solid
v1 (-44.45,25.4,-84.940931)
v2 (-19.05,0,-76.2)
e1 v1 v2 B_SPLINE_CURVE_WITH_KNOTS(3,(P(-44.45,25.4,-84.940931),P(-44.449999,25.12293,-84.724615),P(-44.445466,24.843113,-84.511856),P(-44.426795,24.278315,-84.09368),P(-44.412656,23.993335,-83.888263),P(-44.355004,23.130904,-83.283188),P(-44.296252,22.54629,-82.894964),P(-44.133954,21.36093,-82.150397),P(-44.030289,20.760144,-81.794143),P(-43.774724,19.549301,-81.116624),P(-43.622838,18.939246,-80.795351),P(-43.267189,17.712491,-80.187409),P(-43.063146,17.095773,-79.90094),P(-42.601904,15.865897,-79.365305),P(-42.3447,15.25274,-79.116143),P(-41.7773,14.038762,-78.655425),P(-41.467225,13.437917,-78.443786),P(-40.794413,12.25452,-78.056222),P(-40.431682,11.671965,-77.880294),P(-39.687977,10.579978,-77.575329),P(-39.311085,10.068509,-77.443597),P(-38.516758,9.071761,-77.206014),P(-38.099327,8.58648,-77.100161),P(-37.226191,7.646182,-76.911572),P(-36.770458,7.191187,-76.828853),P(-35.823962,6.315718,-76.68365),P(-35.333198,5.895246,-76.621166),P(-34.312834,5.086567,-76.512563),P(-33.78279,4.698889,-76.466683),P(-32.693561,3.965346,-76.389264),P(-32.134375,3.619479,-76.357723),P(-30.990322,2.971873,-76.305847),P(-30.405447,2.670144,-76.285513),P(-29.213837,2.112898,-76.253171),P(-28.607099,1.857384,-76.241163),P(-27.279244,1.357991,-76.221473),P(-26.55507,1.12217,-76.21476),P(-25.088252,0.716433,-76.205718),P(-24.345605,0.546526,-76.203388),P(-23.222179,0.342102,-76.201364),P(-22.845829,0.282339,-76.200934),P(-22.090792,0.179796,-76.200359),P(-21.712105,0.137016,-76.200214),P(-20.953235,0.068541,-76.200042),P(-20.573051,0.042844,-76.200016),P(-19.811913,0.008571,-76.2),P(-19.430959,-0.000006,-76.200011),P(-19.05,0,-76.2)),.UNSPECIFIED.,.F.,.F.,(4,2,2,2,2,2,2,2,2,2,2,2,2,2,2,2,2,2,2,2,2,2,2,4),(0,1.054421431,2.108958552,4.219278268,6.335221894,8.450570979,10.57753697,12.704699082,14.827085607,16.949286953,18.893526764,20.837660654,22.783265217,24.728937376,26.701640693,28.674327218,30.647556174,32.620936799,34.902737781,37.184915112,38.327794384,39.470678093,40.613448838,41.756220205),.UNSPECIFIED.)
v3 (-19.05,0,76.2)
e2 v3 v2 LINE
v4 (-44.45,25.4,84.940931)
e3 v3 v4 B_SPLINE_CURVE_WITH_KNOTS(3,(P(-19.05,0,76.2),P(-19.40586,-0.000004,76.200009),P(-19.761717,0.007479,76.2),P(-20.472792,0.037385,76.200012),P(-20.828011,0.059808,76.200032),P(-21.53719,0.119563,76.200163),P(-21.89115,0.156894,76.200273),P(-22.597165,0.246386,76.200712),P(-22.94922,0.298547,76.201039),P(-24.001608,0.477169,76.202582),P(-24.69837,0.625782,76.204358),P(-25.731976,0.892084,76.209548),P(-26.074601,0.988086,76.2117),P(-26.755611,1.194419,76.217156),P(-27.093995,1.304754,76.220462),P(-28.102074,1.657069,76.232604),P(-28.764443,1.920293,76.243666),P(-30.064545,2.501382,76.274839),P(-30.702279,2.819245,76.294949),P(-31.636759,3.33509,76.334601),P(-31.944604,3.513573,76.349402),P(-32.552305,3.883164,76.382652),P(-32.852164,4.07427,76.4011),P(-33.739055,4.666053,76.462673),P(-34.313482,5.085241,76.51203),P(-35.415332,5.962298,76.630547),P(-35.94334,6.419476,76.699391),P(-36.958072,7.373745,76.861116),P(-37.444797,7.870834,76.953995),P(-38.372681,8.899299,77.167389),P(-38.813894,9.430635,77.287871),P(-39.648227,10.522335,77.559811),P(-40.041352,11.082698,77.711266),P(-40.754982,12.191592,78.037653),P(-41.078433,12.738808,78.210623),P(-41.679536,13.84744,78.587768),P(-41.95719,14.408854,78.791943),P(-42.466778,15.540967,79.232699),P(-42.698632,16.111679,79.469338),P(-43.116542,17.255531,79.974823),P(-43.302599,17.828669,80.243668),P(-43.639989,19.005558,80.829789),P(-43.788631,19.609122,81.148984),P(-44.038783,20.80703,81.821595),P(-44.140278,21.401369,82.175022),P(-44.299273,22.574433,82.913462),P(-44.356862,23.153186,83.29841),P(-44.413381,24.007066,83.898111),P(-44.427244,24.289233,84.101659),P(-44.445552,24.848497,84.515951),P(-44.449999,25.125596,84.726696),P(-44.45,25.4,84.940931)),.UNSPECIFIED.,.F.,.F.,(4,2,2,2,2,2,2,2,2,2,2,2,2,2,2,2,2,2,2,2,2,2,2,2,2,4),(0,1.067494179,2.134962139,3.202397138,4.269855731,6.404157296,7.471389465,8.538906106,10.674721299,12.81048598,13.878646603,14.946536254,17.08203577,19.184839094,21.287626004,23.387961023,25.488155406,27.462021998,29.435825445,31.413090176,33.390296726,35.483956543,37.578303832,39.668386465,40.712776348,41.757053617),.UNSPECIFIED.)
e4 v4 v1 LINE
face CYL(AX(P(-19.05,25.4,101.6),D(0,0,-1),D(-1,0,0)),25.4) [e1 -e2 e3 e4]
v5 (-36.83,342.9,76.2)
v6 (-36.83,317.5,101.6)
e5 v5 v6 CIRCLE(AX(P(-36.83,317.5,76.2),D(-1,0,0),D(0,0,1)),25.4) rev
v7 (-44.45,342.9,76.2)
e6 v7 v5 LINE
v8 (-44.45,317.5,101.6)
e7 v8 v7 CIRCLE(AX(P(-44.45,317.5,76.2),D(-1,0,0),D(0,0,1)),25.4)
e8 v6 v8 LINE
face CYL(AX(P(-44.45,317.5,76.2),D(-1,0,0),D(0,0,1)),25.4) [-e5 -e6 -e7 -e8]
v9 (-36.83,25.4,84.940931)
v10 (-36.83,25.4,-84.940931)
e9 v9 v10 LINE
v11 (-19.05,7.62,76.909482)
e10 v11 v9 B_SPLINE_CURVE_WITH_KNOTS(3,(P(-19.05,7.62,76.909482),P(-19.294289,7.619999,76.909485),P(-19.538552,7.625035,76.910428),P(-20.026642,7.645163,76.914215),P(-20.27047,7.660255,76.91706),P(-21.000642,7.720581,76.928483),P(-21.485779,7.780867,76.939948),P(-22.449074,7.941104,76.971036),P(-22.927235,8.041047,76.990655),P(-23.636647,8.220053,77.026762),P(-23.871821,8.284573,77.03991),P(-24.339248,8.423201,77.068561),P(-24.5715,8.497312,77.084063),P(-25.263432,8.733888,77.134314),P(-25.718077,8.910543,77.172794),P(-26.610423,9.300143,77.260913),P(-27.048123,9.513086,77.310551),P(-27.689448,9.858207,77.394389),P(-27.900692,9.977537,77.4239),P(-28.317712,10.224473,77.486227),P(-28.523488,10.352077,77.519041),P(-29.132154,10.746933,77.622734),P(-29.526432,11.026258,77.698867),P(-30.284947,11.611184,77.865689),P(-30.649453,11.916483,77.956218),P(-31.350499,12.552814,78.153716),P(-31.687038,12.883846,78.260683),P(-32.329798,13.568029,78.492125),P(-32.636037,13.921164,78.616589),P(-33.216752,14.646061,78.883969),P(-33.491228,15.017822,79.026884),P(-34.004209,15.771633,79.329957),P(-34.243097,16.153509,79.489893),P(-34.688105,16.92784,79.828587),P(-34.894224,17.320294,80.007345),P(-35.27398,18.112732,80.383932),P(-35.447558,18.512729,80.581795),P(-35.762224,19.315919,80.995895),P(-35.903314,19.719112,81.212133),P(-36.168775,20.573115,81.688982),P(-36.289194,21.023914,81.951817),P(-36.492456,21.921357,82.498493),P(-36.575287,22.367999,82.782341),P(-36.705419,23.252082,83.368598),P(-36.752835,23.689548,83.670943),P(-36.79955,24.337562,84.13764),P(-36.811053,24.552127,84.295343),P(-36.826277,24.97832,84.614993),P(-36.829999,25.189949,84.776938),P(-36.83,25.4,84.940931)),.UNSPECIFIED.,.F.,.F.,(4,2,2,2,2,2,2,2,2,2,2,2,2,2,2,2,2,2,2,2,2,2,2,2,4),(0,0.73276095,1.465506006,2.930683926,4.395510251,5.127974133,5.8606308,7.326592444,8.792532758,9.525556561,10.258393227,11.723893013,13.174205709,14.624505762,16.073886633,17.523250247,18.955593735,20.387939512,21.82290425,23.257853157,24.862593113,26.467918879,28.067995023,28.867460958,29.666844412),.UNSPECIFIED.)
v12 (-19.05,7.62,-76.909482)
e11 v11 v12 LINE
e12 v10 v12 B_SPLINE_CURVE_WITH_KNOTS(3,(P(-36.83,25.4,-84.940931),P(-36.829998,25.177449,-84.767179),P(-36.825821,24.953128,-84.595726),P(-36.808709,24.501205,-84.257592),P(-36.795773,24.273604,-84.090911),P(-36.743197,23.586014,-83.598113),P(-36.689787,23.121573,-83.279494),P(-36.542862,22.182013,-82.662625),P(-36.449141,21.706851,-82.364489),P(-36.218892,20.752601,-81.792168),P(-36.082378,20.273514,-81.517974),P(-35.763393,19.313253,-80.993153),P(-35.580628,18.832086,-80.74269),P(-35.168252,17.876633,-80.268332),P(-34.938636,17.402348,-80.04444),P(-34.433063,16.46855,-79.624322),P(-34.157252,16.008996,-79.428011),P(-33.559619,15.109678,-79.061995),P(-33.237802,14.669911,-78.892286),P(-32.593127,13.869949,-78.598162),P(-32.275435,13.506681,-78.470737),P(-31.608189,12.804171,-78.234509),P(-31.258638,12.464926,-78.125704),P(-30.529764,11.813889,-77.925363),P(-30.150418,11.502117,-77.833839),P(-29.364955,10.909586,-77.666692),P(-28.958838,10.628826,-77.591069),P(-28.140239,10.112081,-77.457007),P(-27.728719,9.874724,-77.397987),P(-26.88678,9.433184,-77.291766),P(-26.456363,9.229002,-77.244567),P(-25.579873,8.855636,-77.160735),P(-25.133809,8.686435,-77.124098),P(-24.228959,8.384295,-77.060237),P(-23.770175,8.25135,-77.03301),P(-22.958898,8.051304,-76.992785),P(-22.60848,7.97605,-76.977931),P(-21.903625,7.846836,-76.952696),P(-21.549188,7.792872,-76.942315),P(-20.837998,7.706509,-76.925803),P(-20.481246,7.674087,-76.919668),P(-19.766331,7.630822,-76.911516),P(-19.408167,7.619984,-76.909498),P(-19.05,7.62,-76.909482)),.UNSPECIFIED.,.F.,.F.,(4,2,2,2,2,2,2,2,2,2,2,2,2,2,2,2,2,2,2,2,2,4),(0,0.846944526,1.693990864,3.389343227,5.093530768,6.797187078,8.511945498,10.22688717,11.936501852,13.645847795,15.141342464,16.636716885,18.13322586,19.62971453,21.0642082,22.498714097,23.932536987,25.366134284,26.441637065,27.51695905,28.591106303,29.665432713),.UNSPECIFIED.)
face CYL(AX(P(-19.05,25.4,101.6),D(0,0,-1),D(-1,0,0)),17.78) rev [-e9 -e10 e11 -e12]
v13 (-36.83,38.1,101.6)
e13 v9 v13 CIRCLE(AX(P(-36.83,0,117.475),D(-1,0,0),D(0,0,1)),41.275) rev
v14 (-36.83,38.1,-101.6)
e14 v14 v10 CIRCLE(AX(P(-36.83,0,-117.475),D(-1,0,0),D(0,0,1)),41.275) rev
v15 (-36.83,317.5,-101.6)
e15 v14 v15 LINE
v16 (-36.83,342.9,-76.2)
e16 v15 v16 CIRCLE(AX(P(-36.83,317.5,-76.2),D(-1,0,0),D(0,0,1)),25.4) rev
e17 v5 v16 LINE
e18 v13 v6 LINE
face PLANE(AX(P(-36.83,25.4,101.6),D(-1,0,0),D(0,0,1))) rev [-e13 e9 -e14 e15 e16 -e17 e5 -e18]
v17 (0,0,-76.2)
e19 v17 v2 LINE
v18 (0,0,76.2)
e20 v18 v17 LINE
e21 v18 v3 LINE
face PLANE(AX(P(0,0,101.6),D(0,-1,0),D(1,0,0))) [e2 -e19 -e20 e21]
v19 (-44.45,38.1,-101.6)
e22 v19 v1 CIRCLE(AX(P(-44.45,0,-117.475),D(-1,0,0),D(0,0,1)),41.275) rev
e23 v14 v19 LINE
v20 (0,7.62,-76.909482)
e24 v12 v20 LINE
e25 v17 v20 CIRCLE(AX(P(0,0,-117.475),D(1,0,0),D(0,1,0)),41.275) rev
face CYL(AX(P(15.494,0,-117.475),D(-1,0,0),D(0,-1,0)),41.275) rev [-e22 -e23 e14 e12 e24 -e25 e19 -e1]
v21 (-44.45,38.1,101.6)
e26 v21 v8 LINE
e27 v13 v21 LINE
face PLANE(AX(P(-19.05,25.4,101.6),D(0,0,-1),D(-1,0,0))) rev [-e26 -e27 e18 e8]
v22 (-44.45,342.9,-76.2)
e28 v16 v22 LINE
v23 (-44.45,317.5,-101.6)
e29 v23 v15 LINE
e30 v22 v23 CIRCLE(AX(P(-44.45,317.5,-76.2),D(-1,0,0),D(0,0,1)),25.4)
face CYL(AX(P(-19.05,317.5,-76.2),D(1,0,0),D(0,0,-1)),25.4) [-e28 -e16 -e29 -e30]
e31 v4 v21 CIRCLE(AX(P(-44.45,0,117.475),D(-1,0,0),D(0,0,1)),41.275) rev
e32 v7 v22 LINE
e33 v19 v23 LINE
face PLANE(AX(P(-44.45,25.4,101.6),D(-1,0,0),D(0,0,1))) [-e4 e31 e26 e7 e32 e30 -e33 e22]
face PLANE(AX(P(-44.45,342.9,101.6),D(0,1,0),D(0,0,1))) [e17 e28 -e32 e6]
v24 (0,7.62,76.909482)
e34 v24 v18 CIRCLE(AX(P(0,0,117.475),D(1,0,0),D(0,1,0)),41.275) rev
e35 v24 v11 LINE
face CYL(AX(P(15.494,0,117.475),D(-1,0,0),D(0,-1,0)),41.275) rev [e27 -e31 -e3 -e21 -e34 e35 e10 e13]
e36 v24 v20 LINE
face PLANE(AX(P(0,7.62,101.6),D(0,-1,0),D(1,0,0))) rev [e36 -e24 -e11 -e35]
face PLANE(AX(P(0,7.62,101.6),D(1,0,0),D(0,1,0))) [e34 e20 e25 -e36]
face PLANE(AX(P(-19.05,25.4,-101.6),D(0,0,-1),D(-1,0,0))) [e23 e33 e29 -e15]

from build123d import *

# Parameters (mm, degrees)
EXTRUDE_THIN1_DEPTH     = 101.6
FILLET1_R               = 25.4
FILLET2_R               = 25.4
CUT_EXTRUDE1_DEPTH      = 15.494
CUT_EXTRUDE1_DEPTH_BACK = 67.818


with BuildPart() as part:
    # Sketch1 → Extrude-Thin1 (new, symmetric)
    with BuildSketch(Plane.XY):
        with BuildLine():
            Line((0, 0), (-19.05, 0))
            ThreePointArc((-19.05, 0), (-37.010512242, 7.439487758), (-44.45, 25.4))
            Line((-44.45, 25.4), (-44.45, 342.9))
            Line((-44.45, 342.9), (-36.83, 342.9))
            Line((-36.83, 342.9), (-36.83, 25.4))
            ThreePointArc((-36.83, 25.4), (-31.622358569, 12.827641431), (-19.05, 7.62))
            Line((-19.05, 7.62), (0, 7.62))
            Line((0, 7.62), (0, 0))
        make_face()
    extrude(amount=EXTRUDE_THIN1_DEPTH, both=True)

    # Fillet1
    fillet1_edges = [part.edges().sort_by_distance(p)[0] for p in [
        (-40.64, 342.9, 101.6),
    ]]
    fillet(fillet1_edges, radius=FILLET1_R)

    # Fillet2
    fillet2_edges = [part.edges().sort_by_distance(p)[0] for p in [
        (-40.64, 342.9, -101.6),
    ]]
    fillet(fillet2_edges, radius=FILLET2_R)

    # Sketch2 → Cut-Extrude1 (cut, two sides: drawn at the far end of the back side and taken through both)
    with BuildSketch(Plane(origin=(0, 0, 0), x_dir=(0, 0, -1), z_dir=(1, 0, 0)).offset(-CUT_EXTRUDE1_DEPTH_BACK)):
        with BuildLine():
            Line((-101.6, 0), (-76.2, 0))
            ThreePointArc((-76.2, 0), (-83.132124101, 22.895250599), (-101.6, 38.1))
            Line((-101.6, 38.1), (-101.6, 0))
        make_face()
        with BuildLine():
            Line((101.6, 0), (101.6, 38.1))
            ThreePointArc((101.6, 38.1), (83.132124101, 22.895250599), (76.2, 0))
            Line((76.2, 0), (101.6, 0))
        make_face()
    extrude(amount=CUT_EXTRUDE1_DEPTH + CUT_EXTRUDE1_DEPTH_BACK, mode=Mode.SUBTRACT)


solid = part.part
